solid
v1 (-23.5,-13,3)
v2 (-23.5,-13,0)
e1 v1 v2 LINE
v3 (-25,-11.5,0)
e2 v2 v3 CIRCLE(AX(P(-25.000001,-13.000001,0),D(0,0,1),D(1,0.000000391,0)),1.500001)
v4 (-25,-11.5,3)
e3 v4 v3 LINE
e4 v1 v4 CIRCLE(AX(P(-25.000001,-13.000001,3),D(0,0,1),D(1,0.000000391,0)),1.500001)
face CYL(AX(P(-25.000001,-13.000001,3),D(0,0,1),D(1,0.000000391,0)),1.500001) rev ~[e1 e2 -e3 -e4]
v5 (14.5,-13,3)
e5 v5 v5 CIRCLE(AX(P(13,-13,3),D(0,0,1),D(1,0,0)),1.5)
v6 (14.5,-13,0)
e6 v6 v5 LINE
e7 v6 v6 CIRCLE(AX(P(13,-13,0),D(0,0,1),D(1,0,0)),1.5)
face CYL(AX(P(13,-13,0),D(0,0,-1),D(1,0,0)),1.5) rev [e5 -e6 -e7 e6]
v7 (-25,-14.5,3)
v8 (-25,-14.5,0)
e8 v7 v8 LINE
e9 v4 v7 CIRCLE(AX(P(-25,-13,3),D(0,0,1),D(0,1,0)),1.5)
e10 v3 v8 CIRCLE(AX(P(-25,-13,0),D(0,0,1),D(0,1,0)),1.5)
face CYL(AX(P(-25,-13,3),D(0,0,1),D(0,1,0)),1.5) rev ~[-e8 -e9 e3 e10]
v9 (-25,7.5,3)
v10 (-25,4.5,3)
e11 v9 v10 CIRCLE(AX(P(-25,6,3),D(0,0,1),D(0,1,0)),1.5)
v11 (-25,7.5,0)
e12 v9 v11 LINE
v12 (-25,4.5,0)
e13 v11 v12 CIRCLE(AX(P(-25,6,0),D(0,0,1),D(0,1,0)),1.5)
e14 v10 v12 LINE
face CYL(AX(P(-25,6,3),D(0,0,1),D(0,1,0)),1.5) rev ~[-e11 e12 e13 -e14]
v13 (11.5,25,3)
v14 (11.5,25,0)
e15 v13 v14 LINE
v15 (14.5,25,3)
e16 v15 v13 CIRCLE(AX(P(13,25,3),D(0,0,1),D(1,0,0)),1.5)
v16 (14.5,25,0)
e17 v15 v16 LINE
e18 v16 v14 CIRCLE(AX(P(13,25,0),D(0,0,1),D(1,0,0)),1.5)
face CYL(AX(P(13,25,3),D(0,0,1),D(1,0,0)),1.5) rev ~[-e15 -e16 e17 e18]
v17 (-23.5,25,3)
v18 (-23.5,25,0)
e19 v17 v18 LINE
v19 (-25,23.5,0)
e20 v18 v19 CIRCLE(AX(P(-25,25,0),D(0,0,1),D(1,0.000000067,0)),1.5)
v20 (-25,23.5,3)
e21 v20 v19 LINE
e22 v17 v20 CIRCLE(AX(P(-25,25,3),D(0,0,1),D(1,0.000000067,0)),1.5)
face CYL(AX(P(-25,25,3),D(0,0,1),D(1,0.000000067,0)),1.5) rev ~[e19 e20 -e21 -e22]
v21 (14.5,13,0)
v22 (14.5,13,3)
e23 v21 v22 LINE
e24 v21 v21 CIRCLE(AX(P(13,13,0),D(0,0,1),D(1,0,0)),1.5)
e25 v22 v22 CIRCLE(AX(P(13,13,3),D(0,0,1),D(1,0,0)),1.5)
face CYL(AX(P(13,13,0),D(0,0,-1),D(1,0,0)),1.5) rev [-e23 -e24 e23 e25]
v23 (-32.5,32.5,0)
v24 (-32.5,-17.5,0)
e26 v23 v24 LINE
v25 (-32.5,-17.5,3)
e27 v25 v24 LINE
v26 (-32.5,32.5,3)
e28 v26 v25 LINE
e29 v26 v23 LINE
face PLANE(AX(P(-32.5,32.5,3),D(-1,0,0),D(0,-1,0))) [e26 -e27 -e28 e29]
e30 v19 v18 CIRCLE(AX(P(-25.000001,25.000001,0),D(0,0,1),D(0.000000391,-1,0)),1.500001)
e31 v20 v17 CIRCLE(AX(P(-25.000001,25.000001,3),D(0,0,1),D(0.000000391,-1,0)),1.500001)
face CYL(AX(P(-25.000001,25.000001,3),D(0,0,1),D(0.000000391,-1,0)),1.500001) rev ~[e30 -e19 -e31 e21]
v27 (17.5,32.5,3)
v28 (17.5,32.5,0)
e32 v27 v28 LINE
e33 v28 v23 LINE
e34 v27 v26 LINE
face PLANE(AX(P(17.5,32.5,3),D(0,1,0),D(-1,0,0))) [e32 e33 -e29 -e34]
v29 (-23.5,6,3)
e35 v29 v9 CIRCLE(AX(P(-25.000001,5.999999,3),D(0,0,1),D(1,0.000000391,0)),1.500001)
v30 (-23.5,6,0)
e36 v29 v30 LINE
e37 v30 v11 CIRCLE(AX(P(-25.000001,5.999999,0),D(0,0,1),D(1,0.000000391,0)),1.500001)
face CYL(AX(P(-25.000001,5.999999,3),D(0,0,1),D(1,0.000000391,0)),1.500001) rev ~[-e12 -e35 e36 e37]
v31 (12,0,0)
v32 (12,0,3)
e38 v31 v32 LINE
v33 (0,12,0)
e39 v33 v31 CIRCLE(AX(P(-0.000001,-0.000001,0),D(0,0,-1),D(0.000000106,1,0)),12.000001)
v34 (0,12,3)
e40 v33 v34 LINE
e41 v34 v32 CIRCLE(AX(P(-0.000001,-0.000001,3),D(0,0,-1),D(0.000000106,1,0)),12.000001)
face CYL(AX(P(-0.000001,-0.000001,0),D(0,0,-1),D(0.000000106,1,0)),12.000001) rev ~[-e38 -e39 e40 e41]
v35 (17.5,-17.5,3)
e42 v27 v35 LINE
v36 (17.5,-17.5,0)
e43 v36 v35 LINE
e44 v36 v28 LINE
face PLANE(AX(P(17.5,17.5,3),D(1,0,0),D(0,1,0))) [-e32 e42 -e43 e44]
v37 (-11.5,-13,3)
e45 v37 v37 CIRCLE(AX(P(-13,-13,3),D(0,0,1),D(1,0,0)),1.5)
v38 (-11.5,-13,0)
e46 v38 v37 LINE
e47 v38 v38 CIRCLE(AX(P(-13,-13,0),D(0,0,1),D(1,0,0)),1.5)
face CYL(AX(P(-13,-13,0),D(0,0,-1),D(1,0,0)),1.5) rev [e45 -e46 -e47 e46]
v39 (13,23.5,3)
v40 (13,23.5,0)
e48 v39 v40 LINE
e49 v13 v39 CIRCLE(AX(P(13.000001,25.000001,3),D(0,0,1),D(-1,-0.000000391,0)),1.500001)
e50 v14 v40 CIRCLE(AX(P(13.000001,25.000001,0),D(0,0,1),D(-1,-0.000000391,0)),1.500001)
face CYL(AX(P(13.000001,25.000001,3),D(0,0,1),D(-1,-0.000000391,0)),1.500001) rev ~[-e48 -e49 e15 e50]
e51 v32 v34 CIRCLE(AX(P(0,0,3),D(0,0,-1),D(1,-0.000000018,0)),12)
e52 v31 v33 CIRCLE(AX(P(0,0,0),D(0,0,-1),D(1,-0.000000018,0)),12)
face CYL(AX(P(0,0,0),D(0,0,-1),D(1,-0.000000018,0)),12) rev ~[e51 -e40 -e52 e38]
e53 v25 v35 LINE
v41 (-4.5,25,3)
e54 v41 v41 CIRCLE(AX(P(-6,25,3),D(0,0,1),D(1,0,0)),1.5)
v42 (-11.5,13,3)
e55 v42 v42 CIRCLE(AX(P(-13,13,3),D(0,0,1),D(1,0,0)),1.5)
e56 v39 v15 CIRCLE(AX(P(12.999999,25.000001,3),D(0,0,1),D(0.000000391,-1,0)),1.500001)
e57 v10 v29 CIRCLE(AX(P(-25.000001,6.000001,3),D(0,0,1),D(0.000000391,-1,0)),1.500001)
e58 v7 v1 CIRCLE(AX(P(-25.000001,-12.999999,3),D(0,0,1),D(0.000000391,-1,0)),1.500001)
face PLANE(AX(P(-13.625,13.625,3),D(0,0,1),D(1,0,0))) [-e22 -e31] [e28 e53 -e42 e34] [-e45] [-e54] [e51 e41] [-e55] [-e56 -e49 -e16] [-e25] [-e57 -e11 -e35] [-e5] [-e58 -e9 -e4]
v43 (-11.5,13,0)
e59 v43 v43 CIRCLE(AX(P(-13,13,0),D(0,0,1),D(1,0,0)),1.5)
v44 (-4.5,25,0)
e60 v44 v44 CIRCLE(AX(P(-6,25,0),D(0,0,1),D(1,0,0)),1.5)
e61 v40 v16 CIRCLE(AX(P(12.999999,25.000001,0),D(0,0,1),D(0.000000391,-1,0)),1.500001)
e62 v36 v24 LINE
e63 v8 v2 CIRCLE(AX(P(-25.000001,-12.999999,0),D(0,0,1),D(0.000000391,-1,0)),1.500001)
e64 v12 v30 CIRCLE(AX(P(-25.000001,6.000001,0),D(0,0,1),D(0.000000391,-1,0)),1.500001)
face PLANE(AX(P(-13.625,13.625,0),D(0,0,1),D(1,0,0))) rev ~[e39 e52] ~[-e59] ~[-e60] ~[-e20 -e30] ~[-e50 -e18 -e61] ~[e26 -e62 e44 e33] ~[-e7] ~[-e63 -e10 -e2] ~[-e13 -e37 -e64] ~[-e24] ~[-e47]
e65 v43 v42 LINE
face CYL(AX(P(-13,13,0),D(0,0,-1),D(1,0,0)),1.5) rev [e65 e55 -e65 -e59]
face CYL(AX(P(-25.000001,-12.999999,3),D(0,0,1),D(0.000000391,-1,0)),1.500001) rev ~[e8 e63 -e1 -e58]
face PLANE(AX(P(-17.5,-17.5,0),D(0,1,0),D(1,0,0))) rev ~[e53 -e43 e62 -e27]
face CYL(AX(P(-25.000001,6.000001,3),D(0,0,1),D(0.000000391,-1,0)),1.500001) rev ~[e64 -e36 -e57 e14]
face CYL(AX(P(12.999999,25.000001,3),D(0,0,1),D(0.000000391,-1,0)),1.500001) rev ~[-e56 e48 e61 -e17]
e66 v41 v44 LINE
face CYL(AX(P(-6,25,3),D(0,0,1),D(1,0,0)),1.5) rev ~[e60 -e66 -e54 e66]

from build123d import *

# Parameters (mm, degrees)
F0_W     = 35
F0_H     = 35
F0_R     = 1.5
F1_DEPTH = 3
F3_DEPTH = 3
F5_DEPTH = 25


with BuildPart() as f1:
    # F0 (on Top) → F1 (new body)
    with BuildSketch(Plane.XY):
        Rectangle(F0_W, F0_H)
        with Locations((-13, -13)):
            Circle(F0_R, mode=Mode.SUBTRACT)
        with Locations((13, -13)):
            Circle(F0_R, mode=Mode.SUBTRACT)
        with Locations((-13, 13)):
            Circle(F0_R, mode=Mode.SUBTRACT)
        with BuildLine():
            ThreePointArc((0, 12), (8.485281, 8.485281), (12, 0))
            ThreePointArc((12, 0), (-8.485281, -8.485281), (0, 12))
        make_face(mode=Mode.SUBTRACT)
        with Locations((13, 13)):
            Circle(F0_R, mode=Mode.SUBTRACT)
    extrude(amount=F1_DEPTH)

    # F2 (on face) → F3 (join)
    with BuildSketch(Plane.XY.offset(3)):
        Polygon((17.5, 17.5), (17.5, 32.5), (-32.5, 32.5), (-32.5, -17.5), (-17.5, -17.5), (-17.5, 17.5), align=None)
    extrude(amount=-F3_DEPTH)

    # F4 (on face) → F5 (cut)
    with BuildSketch(Plane.XY.offset(3)):
        with BuildLine():
            ThreePointArc((13, 23.5), (14.06066, 23.93934), (14.5, 25))
            Line((14.5, 25), (13, 25))
            Line((13, 25), (13, 23.5))
        make_face()
        with BuildLine():
            Line((13, 25), (14.5, 25))
            ThreePointArc((14.5, 25), (13, 26.5), (11.5, 25))
            Line((11.5, 25), (13, 25))
        make_face()
        with BuildLine():
            ThreePointArc((-23.5, -13), (-23.93934, -11.93934), (-25, -11.5))
            Line((-25, -11.5), (-25, -13))
            Line((-25, -13), (-23.5, -13))
        make_face()
        with BuildLine():
            Line((-25, -13), (-25, -11.5))
            ThreePointArc((-25, -11.5), (-26.5, -13), (-25, -14.5))
            Line((-25, -14.5), (-25, -13))
        make_face()
        with BuildLine():
            ThreePointArc((-23.5, 6), (-23.93934, 7.06066), (-25, 7.5))
            Line((-25, 7.5), (-25, 4.5))
            ThreePointArc((-25, 4.5), (-23.93934, 4.93934), (-23.5, 6))
        make_face()
        with BuildLine():
            Line((-25, 4.5), (-25, 7.5))
            ThreePointArc((-25, 7.5), (-26.5, 6), (-25, 4.5))
        make_face()
        with BuildLine():
            ThreePointArc((-25, 23.5), (-23.93934, 23.93934), (-23.5, 25))
            Line((-23.5, 25), (-25, 25))
            Line((-25, 25), (-25, 23.5))
        make_face()
        with BuildLine():
            Line((-25, 25), (-23.5, 25))
            ThreePointArc((-23.5, 25), (-26.06066, 26.06066), (-25, 23.5))
            Line((-25, 23.5), (-25, 25))
        make_face()
        with BuildLine():
            ThreePointArc((-7.5, 25), (-6, 23.5), (-4.5, 25))
            Line((-4.5, 25), (-7.5, 25))
        make_face()
        with BuildLine():
            Line((-7.5, 25), (-4.5, 25))
            ThreePointArc((-4.5, 25), (-6, 26.5), (-7.5, 25))
        make_face()
        with BuildLine():
            Line((13, 23.5), (13, 25))
            Line((13, 25), (11.5, 25))
            ThreePointArc((11.5, 25), (11.93934, 23.93934), (13, 23.5))
        make_face()
        with BuildLine():
            Line((-23.5, -13), (-25, -13))
            Line((-25, -13), (-25, -14.5))
            ThreePointArc((-25, -14.5), (-23.93934, -14.06066), (-23.5, -13))
        make_face()
    extrude(amount=-F5_DEPTH, mode=Mode.SUBTRACT)


solid = f1.part
